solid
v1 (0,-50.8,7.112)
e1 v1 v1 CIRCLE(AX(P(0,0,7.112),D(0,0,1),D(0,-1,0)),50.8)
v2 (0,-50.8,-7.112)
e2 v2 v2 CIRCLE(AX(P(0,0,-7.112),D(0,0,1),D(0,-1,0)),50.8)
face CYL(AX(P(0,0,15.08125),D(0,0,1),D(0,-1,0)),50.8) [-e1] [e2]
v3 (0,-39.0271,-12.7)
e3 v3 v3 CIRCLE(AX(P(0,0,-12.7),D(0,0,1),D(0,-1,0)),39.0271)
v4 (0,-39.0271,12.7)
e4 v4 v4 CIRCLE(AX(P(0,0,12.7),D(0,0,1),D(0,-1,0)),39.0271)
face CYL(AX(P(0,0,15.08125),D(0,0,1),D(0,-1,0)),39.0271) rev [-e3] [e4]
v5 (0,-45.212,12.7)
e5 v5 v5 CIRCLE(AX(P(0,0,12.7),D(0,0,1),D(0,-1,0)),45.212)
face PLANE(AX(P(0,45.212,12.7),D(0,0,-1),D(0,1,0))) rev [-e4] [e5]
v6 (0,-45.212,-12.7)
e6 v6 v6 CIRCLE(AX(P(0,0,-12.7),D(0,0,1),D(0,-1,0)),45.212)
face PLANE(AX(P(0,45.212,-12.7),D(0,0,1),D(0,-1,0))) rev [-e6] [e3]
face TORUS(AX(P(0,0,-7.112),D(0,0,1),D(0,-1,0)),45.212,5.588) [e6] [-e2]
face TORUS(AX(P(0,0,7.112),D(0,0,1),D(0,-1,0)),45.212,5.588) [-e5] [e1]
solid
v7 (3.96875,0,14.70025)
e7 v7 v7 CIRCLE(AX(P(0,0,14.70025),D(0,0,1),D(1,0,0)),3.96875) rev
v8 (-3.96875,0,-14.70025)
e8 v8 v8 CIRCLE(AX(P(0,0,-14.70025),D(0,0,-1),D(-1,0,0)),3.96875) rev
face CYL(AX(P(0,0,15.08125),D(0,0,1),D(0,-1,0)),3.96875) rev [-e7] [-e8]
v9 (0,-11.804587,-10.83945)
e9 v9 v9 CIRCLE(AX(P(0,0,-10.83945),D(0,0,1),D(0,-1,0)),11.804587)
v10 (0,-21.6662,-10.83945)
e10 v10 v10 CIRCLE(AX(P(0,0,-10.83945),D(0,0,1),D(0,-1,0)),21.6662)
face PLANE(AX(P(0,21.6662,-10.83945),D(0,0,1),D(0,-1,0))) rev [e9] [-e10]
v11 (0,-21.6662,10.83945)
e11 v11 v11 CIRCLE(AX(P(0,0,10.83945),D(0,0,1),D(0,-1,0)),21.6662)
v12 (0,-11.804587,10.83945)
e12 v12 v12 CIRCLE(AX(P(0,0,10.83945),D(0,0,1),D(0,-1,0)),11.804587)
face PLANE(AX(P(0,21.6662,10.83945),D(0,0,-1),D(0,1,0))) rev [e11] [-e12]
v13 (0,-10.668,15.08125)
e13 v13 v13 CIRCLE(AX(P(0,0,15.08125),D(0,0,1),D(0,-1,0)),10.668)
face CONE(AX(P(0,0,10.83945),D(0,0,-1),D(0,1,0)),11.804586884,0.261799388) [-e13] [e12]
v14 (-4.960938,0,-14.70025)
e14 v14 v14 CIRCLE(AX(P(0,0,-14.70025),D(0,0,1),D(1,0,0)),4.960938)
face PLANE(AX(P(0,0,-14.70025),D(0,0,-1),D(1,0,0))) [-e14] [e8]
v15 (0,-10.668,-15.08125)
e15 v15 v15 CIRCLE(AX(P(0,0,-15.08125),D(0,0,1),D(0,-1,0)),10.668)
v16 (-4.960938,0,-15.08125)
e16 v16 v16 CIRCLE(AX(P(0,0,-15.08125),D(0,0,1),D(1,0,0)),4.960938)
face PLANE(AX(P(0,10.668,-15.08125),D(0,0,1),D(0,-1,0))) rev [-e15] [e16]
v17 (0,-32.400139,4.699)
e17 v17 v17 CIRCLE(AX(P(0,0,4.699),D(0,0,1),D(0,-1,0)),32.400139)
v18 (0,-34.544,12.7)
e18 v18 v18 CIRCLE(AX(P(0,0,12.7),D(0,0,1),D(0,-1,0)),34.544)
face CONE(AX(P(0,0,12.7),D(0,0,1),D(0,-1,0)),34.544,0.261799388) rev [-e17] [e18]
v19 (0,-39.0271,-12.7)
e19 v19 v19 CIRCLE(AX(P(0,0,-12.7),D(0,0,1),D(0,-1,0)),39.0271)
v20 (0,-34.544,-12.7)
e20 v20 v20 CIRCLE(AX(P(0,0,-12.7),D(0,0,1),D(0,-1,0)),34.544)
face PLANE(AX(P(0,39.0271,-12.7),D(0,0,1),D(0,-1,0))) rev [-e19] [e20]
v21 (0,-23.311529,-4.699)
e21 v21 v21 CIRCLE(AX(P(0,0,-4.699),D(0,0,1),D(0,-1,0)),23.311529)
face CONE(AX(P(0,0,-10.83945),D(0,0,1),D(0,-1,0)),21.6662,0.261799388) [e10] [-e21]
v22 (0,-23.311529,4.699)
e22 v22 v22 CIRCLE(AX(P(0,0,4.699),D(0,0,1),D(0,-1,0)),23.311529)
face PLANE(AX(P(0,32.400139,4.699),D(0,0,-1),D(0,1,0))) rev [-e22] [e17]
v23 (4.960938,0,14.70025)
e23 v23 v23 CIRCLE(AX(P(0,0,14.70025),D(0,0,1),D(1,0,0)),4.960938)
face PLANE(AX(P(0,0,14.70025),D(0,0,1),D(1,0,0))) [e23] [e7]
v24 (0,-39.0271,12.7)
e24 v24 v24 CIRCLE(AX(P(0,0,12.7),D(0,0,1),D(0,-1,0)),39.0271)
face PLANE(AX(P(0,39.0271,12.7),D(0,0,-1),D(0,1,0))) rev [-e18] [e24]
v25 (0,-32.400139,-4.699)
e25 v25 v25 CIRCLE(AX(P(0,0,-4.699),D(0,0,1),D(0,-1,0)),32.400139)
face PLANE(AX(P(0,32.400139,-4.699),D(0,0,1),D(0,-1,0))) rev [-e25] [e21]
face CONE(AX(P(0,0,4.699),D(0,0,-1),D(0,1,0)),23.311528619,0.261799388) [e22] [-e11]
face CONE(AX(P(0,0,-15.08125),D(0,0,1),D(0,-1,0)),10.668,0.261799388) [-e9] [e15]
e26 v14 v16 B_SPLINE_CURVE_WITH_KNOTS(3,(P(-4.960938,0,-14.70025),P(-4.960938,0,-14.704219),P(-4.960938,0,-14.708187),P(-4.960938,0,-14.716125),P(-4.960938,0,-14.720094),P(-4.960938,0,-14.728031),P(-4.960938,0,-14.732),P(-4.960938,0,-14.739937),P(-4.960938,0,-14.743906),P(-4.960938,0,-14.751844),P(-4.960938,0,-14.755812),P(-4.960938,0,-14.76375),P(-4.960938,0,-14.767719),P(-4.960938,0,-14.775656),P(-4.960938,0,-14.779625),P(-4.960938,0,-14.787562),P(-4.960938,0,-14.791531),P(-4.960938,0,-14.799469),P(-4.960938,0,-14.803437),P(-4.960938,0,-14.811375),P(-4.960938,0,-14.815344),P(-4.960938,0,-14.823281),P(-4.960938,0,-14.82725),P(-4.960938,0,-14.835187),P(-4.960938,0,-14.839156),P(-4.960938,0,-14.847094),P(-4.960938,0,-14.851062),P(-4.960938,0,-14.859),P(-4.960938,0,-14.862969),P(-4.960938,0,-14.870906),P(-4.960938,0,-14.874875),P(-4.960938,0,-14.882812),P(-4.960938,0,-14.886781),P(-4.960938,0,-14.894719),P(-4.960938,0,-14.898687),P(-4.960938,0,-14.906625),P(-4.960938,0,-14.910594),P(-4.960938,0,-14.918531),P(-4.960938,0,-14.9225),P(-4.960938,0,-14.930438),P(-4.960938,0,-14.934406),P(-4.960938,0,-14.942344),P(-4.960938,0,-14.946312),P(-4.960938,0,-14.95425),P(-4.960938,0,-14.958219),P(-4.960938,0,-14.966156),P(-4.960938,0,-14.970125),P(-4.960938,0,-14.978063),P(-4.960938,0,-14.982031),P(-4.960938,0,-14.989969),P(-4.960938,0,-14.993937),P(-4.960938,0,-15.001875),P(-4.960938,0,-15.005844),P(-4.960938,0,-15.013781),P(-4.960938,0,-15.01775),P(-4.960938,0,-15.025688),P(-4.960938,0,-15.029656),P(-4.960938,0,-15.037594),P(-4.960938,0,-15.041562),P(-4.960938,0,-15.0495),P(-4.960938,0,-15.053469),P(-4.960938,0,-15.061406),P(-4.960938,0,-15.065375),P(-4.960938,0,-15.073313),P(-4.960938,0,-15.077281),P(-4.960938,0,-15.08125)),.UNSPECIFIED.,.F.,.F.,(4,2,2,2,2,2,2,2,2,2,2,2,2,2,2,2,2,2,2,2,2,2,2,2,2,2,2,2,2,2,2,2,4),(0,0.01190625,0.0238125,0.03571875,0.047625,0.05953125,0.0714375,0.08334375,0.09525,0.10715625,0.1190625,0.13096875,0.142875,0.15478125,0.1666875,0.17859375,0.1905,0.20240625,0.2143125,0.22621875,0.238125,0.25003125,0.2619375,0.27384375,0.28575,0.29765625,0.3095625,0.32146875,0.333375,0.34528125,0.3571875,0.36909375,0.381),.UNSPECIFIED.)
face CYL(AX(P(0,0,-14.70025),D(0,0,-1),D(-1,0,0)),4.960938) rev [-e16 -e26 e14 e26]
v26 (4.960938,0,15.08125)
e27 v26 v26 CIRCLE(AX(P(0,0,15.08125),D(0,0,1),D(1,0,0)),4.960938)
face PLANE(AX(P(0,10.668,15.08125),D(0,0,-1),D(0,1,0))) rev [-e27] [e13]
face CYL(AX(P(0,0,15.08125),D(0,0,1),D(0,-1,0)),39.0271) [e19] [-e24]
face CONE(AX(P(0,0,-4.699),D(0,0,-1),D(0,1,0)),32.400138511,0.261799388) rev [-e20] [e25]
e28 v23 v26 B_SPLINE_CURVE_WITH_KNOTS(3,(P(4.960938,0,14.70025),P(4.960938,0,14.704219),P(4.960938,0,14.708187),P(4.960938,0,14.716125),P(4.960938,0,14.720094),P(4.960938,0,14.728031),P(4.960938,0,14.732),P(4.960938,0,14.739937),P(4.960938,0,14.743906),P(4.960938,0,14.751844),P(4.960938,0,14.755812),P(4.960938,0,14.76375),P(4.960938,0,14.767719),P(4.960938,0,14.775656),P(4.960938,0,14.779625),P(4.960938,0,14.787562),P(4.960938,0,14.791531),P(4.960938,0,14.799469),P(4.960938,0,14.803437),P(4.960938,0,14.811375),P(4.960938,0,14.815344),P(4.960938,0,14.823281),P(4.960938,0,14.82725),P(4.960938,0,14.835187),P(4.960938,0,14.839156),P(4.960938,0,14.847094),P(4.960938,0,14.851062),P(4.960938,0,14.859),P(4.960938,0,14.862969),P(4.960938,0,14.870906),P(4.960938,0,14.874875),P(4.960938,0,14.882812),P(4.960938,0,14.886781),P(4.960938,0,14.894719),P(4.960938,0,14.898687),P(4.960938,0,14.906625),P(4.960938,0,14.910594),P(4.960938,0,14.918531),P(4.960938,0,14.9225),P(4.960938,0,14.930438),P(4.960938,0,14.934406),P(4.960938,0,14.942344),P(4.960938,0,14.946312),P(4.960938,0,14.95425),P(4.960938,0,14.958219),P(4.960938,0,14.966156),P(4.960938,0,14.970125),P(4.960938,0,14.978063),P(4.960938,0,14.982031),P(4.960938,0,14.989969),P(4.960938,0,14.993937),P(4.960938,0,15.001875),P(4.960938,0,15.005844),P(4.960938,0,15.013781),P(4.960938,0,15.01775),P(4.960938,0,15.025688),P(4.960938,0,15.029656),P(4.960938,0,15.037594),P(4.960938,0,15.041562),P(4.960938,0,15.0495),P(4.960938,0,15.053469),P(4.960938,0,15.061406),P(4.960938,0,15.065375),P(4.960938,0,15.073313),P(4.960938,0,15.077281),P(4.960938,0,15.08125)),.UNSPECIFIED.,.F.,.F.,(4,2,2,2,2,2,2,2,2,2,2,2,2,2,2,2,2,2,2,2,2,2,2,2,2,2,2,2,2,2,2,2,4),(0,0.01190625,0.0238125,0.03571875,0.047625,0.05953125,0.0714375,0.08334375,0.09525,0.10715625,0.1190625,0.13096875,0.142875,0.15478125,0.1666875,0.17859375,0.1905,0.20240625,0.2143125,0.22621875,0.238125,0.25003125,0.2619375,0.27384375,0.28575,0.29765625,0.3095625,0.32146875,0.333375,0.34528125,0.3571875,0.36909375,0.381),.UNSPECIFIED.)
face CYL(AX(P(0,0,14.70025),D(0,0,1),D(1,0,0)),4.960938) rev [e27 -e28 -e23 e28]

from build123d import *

# Parameters (mm, degrees)
SKETCH6_R          = 4.9609375
CUT_EXTRUDE1_DEPTH = 0.381


with BuildPart() as part:
    # Sketch3 → Revolve1 (revolve)
    with BuildSketch(Plane(origin=(0, 0, 0), x_dir=(0, 0, -1), z_dir=(1, 0, 0)), mode=Mode.PRIVATE) as revolve1_sk:
        with BuildLine():
            Line((7.112, 50.8), (-7.112, 50.8))
            ThreePointArc((-7.112, 50.8), (-11.063312693, 49.163312693), (-12.7, 45.212))
            Line((-12.7, 45.212), (-12.7, 39.0271))
            Line((-12.7, 39.0271), (0, 39.0271))
            Line((0, 39.0271), (12.7, 39.0271))
            Line((12.7, 39.0271), (12.7, 45.212))
            ThreePointArc((12.7, 45.212), (11.063312693, 49.163312693), (7.112, 50.8))
        make_face()
    revolve(revolve1_sk.sketch.rotate(Axis((0, 0, 15.08125), (0, 0, -1)), 180), axis=Axis((0, 0, 15.08125), (0, 0, -1)))


with BuildPart() as body_2:
    # Sketch4 → Revolve2 (revolve)
    with BuildSketch(Plane(origin=(0, 0, 0), x_dir=(0, 0, -1), z_dir=(1, 0, 0)), mode=Mode.PRIVATE) as revolve2_sk:
        Polygon((-12.7, 39.0271), (12.7, 39.0271), (12.7, 34.544), (4.699, 32.400138511), (4.699, 23.311528619), (10.83945, 21.6662), (10.83945, 11.804586884), (15.08125, 10.668), (15.08125, 3.96875), (-15.08125, 3.96875), (-15.08125, 10.668), (-10.83945, 11.804586884), (-10.83945, 21.6662), (-4.699, 23.311528619), (-4.699, 32.400138511), (-12.7, 34.544), align=None)
    revolve(revolve2_sk.sketch.rotate(Axis((0, 0, 15.08125), (0, 0, -1)), 180), axis=Axis((0, 0, 15.08125), (0, 0, -1)))

    # Sketch6 → Cut-Extrude1 (cut)
    with BuildSketch(Plane.XY.offset(15.08125)):
        Circle(SKETCH6_R)
    cut_extrude1 = extrude(amount=-CUT_EXTRUDE1_DEPTH, mode=Mode.SUBTRACT)

    # Mirror1: Cut-Extrude1 across plane
    add(cut_extrude1.mirror(Plane.XY), mode=Mode.SUBTRACT)


solid = Compound([part.part, body_2.part])
